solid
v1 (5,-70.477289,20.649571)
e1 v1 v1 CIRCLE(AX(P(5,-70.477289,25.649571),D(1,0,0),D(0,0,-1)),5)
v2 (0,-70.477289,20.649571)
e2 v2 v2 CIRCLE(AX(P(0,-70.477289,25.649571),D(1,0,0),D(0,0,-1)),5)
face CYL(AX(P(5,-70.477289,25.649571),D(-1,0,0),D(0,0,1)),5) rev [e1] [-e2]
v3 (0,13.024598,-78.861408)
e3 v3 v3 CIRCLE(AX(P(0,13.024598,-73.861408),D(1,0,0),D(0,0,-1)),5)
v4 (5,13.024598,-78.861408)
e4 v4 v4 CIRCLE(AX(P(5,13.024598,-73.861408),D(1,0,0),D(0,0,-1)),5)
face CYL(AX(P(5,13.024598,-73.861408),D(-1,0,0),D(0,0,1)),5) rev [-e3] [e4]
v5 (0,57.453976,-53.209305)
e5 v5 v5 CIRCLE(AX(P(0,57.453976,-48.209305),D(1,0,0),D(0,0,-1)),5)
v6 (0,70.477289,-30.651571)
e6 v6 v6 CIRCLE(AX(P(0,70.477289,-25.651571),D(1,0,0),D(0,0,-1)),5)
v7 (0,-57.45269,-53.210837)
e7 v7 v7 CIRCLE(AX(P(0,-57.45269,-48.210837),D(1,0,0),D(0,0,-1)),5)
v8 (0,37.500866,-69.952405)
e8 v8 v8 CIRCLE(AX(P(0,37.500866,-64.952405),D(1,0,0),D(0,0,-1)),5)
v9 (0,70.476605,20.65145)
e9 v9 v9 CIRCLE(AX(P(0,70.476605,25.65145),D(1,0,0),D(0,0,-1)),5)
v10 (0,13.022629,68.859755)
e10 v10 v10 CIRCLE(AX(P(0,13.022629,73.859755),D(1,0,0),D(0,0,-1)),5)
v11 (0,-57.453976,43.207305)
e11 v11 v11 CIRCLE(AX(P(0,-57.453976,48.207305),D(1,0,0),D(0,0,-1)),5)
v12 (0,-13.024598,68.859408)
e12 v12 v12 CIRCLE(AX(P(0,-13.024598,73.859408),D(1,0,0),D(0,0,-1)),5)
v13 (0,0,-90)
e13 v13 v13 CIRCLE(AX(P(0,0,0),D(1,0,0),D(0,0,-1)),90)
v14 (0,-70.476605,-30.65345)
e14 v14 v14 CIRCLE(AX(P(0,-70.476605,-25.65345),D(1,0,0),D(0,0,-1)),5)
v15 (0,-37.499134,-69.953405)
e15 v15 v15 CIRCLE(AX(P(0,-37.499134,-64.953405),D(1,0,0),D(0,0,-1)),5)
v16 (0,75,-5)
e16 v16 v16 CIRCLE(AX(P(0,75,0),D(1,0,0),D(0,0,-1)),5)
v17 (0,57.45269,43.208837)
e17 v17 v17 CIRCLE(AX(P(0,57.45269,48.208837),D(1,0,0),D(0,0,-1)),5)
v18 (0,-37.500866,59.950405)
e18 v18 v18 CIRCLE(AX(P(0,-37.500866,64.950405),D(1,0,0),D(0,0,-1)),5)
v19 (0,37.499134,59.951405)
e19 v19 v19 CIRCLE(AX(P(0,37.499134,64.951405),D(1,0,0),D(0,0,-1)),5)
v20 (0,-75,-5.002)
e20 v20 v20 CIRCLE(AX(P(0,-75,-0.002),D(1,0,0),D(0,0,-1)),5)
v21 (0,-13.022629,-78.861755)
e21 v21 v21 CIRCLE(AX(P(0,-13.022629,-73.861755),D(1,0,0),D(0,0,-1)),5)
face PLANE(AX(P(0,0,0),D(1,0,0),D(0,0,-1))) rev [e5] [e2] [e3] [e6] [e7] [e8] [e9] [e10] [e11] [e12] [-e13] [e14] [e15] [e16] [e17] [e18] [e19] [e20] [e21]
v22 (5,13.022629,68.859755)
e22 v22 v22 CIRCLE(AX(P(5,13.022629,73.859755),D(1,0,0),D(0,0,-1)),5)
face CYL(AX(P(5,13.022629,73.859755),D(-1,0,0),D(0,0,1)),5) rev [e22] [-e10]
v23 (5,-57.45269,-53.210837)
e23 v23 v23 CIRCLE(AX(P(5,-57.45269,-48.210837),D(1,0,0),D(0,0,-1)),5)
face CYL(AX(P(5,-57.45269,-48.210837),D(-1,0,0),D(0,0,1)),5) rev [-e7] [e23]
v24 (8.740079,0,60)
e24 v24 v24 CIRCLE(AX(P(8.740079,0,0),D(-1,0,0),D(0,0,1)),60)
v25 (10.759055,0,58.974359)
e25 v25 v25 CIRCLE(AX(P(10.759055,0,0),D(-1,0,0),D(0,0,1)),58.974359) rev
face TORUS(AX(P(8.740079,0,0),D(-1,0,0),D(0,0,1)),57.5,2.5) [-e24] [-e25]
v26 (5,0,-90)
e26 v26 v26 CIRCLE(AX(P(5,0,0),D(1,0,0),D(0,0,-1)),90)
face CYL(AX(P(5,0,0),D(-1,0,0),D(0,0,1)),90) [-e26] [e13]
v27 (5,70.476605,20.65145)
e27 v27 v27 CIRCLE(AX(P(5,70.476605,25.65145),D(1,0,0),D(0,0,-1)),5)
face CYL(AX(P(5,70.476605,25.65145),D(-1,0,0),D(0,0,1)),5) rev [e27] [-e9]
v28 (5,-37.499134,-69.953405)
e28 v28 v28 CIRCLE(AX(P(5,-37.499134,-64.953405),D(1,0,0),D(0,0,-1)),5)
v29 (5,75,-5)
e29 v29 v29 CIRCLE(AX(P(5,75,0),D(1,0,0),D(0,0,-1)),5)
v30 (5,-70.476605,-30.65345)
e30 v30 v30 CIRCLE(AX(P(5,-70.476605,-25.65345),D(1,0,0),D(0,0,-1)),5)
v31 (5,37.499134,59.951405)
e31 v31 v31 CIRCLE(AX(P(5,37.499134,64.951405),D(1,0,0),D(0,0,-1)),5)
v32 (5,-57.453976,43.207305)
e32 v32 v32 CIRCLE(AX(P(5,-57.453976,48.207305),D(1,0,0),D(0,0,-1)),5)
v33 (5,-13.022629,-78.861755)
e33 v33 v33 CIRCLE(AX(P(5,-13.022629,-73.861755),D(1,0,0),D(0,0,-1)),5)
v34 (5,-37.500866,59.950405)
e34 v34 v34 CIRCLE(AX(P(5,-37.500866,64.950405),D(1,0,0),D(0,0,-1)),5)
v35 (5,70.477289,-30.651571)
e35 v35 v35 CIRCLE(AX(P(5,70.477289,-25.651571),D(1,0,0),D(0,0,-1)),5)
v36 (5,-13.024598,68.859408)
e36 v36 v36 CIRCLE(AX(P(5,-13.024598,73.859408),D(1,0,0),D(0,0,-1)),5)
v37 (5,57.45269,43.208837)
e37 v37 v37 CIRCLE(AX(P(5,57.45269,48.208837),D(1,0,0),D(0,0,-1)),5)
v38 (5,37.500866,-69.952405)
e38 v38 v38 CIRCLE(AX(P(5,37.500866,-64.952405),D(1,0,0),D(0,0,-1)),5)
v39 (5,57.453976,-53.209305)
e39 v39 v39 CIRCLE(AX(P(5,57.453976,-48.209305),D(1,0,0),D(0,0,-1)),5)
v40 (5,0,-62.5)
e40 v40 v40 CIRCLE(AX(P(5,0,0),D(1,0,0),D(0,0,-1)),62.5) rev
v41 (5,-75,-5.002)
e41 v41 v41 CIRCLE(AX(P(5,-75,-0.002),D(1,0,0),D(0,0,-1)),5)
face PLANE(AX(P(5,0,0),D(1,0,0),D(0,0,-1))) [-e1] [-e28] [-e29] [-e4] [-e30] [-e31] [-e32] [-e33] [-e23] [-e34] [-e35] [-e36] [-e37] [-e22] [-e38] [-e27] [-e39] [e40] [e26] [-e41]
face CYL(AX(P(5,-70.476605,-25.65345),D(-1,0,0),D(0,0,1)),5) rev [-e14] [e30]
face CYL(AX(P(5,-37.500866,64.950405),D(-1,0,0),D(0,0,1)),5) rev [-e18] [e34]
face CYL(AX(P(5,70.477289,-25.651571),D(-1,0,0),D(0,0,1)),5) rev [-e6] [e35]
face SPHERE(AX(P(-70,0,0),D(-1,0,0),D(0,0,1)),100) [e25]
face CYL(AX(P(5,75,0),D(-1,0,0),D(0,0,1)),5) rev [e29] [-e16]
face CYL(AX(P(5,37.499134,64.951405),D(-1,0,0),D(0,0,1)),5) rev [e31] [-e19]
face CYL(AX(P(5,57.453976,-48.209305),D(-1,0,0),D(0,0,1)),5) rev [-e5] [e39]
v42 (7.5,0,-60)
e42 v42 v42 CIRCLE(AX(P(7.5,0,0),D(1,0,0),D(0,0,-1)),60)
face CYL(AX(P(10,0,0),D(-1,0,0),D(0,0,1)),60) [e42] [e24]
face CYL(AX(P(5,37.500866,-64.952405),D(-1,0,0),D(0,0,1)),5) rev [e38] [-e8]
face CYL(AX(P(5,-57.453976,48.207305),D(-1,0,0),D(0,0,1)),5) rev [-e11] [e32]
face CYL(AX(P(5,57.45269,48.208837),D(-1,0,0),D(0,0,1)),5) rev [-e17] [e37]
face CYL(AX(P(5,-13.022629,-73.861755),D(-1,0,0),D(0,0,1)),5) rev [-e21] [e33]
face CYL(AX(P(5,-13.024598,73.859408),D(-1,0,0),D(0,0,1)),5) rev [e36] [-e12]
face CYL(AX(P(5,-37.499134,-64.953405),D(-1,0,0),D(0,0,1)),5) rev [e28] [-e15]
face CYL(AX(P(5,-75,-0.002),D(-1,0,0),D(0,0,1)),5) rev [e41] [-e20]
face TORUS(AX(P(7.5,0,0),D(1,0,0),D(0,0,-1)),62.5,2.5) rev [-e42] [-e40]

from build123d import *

# Parameters (mm, degrees)
SKETCH1_R           = 90
SKETCH1_R_2         = 5
SKETCH1_R_3         = 60
BOSS_EXTRUDE1_DEPTH = 5
SKETCH2_R           = 60
BOSS_EXTRUDE2_DEPTH = 5
DOME1_FACE_RADIUS   = 60
DOME1_HEIGHT        = 20
BOSS_EXTRUDE3_START = 5
SKETCH3_R           = 60
BOSS_EXTRUDE3_DEPTH = 5
FILLET2_R           = 2.5


with BuildPart() as part:
    # Sketch1 → Boss-Extrude1 (new body)
    with BuildSketch(Plane(origin=(0, 0, 0), x_dir=(0, 0, -1), z_dir=(1, 0, 0))):
        Circle(SKETCH1_R)
        with Locations((0, 75)):
            Circle(SKETCH1_R_2, mode=Mode.SUBTRACT)
        with Locations((25.651571057, 70.477288579)):
            Circle(SKETCH1_R_2, mode=Mode.SUBTRACT)
        with Locations((48.209304682, 57.453976022)):
            Circle(SKETCH1_R_2, mode=Mode.SUBTRACT)
        with Locations((64.952405284, 37.500866025)):
            Circle(SKETCH1_R_2, mode=Mode.SUBTRACT)
        with Locations((73.861407828, 13.024598133)):
            Circle(SKETCH1_R_2, mode=Mode.SUBTRACT)
        with Locations((73.861755124, -13.022628517)):
            Circle(SKETCH1_R_2, mode=Mode.SUBTRACT)
        with Locations((64.953405284, -37.499133975)):
            Circle(SKETCH1_R_2, mode=Mode.SUBTRACT)
        with Locations((48.210836771, -57.452690446)):
            Circle(SKETCH1_R_2, mode=Mode.SUBTRACT)
        with Locations((25.653450442, -70.476604539)):
            Circle(SKETCH1_R_2, mode=Mode.SUBTRACT)
        with Locations((0.002, -75)):
            Circle(SKETCH1_R_2, mode=Mode.SUBTRACT)
        with Locations((-25.649571057, -70.477288579)):
            Circle(SKETCH1_R_2, mode=Mode.SUBTRACT)
        with Locations((-48.207304682, -57.453976022)):
            Circle(SKETCH1_R_2, mode=Mode.SUBTRACT)
        with Locations((-64.950405284, -37.500866025)):
            Circle(SKETCH1_R_2, mode=Mode.SUBTRACT)
        with Locations((-73.859407828, -13.024598133)):
            Circle(SKETCH1_R_2, mode=Mode.SUBTRACT)
        with Locations((-73.859755124, 13.022628517)):
            Circle(SKETCH1_R_2, mode=Mode.SUBTRACT)
        with Locations((-64.951405284, 37.499133975)):
            Circle(SKETCH1_R_2, mode=Mode.SUBTRACT)
        with Locations((-48.208836771, 57.452690446)):
            Circle(SKETCH1_R_2, mode=Mode.SUBTRACT)
        with Locations((-25.651450442, 70.476604539)):
            Circle(SKETCH1_R_2, mode=Mode.SUBTRACT)
        Circle(SKETCH1_R_3, mode=Mode.SUBTRACT)
    extrude(amount=BOSS_EXTRUDE1_DEPTH)



with BuildPart() as body_2:
    # Sketch2 → Boss-Extrude2 (new body)
    with BuildSketch(Plane(origin=(5, 0, 0), x_dir=(0, 0, -1), z_dir=(1, 0, 0))):
        Circle(SKETCH2_R)
    extrude(amount=BOSS_EXTRUDE2_DEPTH)

    # Dome1: a dome of height H over a round flat face of radius A is a cap of a sphere of radius (A * A + H * H) / (2 * H)
    dome1_r = (DOME1_FACE_RADIUS * DOME1_FACE_RADIUS + DOME1_HEIGHT * DOME1_HEIGHT) / (2 * DOME1_HEIGHT)
    dome1_base = Plane((10, 0, 0), z_dir=(1, 0, 0))
    with Locations(dome1_base.offset(DOME1_HEIGHT - dome1_r)):
        dome1_ball = Sphere(dome1_r, mode=Mode.PRIVATE)
    add(split(dome1_ball, bisect_by=dome1_base, keep=Keep.TOP, mode=Mode.PRIVATE))


with BuildPart() as part_1:
    add(part.part)

    add(body_2.part)  # Boss-Extrude3 merges body 2
    # Sketch3 → Boss-Extrude3 (add)
    with BuildSketch(Plane.ZY.offset(-5).offset(BOSS_EXTRUDE3_START)):
        with Locations(Location((0, 0, 0), (0, 0, 180))):
            Circle(SKETCH3_R)
    extrude(amount=-BOSS_EXTRUDE3_DEPTH)

    # Fillet2
    fillet2_edges = [part_1.edges().sort_by_distance(p)[0] for p in [
        (5, 0, 60),
        (10, -60, 0),
    ]]
    fillet(fillet2_edges, radius=FILLET2_R)


solid = part_1.part
